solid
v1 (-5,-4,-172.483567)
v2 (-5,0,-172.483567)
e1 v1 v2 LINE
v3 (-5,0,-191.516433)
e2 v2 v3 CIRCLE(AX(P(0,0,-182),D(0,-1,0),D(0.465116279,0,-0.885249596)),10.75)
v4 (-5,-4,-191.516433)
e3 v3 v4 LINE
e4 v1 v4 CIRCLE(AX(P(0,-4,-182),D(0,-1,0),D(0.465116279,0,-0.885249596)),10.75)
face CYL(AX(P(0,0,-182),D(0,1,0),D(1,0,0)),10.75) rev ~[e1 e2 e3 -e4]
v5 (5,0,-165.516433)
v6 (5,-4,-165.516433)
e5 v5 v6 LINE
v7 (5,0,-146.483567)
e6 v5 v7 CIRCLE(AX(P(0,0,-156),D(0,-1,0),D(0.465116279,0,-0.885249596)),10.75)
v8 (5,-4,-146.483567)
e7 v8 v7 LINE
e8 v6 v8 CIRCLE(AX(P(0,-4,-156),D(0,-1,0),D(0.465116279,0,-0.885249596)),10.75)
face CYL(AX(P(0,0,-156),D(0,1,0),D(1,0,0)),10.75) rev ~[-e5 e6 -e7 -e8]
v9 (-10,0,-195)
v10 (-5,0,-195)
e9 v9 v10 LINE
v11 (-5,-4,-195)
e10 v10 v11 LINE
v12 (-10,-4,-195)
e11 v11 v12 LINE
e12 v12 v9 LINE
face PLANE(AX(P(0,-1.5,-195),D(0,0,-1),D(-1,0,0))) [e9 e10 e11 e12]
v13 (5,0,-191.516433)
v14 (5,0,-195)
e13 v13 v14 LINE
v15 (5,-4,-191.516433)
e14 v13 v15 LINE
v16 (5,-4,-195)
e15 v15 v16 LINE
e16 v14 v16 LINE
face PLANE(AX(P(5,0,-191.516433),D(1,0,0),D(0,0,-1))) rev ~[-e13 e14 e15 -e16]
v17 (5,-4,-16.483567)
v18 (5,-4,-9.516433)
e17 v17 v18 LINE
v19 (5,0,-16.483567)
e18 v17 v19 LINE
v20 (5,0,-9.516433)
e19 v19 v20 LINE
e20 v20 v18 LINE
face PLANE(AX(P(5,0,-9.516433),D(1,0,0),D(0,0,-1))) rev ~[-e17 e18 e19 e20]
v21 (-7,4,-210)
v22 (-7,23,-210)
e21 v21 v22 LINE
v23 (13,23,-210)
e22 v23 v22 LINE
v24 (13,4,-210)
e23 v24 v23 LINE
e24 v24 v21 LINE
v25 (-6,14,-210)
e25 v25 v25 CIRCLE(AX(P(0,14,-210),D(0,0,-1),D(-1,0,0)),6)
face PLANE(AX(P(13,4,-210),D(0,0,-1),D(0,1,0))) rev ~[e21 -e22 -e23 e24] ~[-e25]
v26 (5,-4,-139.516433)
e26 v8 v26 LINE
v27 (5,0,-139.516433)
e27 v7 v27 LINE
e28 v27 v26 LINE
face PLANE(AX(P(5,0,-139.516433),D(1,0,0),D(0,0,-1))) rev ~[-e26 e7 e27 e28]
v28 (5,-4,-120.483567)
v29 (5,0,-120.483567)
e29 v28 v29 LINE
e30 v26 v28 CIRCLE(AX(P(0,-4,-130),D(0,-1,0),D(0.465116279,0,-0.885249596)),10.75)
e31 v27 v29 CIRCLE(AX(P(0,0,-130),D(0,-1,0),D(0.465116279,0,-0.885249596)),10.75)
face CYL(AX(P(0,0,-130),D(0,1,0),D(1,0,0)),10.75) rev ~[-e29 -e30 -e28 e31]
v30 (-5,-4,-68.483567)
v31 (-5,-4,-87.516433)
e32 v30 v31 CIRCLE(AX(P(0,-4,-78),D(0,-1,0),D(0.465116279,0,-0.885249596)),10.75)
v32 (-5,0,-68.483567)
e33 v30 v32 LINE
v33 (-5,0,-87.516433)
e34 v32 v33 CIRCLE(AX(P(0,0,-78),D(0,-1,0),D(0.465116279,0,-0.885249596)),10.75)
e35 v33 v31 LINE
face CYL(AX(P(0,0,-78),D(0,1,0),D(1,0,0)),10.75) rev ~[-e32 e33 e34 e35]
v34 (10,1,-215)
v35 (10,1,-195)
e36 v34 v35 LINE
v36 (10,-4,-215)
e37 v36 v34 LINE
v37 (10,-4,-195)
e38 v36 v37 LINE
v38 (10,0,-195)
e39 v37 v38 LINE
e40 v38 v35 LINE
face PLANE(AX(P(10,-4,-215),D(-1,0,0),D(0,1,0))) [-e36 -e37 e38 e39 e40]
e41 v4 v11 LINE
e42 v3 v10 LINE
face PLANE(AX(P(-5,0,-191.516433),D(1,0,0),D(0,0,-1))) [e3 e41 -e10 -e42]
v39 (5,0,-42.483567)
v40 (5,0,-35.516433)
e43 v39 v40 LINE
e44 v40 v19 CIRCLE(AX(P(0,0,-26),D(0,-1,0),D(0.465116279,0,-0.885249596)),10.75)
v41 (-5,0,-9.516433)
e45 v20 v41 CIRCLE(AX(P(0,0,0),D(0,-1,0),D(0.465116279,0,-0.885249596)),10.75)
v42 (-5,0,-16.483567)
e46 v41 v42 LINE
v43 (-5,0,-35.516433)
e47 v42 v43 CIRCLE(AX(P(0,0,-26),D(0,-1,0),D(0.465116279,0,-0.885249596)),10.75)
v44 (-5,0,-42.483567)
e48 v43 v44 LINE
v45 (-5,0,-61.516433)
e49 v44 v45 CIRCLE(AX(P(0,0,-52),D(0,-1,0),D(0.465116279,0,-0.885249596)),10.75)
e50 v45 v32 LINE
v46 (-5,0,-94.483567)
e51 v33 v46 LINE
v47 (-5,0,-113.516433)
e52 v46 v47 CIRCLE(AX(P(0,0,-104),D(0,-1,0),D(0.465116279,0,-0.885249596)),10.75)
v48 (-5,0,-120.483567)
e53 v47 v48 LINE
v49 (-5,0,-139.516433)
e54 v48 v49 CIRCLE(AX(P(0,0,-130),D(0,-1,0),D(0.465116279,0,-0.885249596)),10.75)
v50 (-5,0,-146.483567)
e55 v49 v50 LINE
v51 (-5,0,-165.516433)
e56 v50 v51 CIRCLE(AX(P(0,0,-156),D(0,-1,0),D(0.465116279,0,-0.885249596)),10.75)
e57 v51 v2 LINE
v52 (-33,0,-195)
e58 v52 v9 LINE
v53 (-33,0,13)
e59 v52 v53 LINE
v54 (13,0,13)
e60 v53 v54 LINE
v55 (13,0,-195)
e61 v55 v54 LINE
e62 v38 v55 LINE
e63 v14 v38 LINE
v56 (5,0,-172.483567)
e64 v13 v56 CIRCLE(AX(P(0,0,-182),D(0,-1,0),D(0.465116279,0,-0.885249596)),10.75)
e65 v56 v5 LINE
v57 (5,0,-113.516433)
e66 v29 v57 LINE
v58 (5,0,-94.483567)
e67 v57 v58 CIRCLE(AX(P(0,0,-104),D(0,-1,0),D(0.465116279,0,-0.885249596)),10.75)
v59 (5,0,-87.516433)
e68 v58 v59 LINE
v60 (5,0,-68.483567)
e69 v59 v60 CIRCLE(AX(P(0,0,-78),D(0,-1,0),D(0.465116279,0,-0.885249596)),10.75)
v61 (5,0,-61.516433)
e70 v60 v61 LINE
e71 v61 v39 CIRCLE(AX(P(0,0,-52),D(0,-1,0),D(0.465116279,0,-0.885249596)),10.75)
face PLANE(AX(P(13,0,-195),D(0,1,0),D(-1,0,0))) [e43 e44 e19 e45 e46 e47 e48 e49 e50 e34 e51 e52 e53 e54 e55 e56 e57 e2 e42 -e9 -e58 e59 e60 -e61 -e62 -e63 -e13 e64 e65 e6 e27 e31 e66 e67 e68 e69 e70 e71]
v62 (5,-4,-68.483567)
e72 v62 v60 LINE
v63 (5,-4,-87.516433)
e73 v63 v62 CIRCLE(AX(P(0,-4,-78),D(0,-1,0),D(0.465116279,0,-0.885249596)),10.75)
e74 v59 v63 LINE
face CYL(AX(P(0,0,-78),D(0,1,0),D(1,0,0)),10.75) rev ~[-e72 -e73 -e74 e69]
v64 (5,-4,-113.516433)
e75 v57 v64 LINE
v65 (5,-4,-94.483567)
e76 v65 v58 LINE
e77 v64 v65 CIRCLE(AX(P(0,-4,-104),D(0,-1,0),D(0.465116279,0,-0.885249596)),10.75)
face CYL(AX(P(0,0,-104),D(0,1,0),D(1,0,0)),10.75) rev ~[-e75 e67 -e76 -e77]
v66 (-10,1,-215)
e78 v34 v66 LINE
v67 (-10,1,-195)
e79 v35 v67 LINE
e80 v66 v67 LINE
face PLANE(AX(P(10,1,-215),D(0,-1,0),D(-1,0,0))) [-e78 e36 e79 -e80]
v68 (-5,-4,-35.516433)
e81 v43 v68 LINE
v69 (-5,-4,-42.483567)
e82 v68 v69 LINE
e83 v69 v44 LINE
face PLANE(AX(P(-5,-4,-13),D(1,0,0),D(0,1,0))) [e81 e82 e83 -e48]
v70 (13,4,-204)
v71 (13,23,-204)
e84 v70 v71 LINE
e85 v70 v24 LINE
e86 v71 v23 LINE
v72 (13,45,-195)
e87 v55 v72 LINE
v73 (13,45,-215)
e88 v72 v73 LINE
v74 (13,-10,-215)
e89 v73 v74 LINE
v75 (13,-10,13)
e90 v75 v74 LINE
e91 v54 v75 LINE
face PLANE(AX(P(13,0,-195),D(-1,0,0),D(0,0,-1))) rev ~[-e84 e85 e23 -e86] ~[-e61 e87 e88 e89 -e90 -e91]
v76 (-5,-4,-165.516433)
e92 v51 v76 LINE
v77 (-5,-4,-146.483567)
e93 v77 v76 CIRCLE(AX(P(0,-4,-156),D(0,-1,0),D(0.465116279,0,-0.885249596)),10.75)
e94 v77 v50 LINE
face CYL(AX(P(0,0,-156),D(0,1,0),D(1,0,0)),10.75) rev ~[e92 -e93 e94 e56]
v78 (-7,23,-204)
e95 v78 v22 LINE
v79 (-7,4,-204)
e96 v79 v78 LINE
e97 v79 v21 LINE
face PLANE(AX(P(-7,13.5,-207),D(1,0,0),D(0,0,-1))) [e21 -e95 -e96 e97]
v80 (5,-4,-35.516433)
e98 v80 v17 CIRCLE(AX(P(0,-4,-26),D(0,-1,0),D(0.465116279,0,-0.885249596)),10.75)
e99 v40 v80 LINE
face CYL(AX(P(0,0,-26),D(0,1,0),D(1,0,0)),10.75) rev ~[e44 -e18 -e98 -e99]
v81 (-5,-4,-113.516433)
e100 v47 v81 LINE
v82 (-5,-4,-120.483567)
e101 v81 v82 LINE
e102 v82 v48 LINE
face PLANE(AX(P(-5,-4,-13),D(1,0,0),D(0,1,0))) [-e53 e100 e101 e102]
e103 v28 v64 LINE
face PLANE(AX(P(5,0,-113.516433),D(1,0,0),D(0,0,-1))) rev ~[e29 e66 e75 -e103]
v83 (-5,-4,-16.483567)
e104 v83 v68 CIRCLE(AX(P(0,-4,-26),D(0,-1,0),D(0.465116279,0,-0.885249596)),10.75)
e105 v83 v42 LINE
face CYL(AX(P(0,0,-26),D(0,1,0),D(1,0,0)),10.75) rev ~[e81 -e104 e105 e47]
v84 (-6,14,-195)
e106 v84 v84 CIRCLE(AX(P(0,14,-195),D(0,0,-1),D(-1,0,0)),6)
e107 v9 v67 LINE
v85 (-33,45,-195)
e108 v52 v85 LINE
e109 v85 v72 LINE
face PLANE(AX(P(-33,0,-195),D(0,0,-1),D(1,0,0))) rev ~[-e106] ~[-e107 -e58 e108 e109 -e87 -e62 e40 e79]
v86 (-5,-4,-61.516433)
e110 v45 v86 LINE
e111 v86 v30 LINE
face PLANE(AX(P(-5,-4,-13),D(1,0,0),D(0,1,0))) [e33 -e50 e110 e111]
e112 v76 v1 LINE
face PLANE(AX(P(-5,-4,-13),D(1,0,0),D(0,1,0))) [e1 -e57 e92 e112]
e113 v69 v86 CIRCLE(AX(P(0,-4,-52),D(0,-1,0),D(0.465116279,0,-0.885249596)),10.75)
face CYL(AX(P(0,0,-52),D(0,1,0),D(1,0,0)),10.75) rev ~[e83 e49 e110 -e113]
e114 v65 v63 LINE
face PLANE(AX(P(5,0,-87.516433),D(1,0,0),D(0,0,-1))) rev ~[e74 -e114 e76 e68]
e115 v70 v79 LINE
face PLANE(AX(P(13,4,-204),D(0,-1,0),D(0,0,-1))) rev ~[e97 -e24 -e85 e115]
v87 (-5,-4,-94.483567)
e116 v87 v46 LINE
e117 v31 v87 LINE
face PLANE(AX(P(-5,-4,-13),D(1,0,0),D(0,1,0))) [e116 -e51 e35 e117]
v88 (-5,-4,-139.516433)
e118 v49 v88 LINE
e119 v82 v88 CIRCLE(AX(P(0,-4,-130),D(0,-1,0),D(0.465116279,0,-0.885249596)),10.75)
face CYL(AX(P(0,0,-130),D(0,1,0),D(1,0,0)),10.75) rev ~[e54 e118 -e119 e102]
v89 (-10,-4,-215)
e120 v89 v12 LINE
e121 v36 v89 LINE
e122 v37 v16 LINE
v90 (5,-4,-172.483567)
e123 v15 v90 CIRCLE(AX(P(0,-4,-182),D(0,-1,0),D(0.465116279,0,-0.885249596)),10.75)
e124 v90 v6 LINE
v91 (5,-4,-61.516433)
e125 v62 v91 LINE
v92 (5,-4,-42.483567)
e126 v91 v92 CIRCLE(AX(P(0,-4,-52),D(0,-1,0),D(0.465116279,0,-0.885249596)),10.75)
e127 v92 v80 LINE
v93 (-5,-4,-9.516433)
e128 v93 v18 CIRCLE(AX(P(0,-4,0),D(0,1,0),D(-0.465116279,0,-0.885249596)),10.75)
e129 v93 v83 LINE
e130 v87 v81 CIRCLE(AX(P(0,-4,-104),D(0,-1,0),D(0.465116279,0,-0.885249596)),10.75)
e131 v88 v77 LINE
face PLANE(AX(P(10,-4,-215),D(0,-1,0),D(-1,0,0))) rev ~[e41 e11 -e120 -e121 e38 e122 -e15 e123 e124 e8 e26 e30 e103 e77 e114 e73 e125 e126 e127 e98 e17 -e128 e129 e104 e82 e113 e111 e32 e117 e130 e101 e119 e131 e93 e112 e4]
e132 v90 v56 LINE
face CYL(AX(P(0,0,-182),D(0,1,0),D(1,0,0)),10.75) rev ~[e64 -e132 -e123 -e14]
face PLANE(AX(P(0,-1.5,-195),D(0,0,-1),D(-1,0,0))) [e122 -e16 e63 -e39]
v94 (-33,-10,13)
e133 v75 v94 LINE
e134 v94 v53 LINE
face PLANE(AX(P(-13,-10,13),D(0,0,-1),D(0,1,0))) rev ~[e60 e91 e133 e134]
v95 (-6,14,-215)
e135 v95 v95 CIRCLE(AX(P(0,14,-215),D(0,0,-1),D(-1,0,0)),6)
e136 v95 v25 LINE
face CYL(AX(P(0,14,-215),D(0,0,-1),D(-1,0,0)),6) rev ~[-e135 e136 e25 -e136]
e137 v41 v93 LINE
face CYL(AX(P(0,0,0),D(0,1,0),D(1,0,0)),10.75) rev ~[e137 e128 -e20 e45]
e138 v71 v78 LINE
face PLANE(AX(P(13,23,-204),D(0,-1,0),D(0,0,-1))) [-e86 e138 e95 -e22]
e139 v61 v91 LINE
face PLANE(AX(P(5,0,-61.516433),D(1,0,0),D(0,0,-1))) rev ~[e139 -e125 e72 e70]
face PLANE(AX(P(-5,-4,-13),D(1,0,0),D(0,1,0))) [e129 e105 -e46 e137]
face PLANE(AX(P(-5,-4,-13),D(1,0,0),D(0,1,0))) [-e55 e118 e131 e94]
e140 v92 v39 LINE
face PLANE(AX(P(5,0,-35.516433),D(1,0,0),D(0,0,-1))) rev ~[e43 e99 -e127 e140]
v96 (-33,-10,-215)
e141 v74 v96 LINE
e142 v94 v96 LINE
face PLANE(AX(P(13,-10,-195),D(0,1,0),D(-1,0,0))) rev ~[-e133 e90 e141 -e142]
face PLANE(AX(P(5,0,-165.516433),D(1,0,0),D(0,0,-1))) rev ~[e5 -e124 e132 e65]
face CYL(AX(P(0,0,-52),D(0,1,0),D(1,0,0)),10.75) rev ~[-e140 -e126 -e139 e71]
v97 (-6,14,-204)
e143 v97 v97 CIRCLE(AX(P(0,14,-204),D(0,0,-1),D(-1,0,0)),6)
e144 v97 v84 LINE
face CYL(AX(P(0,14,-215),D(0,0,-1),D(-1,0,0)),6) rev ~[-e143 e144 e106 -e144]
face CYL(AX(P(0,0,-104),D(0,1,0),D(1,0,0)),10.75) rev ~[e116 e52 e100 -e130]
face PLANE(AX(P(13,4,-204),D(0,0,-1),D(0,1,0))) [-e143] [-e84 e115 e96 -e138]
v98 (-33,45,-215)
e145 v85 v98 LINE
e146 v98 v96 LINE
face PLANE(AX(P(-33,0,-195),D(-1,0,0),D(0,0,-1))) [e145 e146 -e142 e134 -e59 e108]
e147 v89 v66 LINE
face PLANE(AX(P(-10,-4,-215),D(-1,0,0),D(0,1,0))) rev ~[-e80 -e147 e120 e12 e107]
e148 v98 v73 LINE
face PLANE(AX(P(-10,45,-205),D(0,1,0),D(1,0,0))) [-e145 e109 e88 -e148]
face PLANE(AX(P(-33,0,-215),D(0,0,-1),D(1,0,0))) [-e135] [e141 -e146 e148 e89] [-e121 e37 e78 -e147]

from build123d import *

# Parameters (mm, degrees)
SKETCH5_W           = 26
SKETCH5_H           = 26
BOSS_EXTRUDE1_DEPTH = 10
SKETCH4_R           = 10.75
CUT_EXTRUDE1_DEPTH  = 4
SKETCH6_W           = 10
SKETCH6_H           = 3.483566845
CUT_EXTRUDE2_DEPTH  = 4
LPATTERN1_COUNT     = 8
LPATTERN1_PITCH     = 26
SKETCH7_W           = 10
SKETCH7_H           = 4
CUT_EXTRUDE3_DEPTH  = 183
SKETCH8_W           = 208
SKETCH8_H           = 10
BOSS_EXTRUDE2_DEPTH = 20
SKETCH9_W           = 46
SKETCH9_H           = 10
BOSS_EXTRUDE3_DEPTH = 20
SKETCH10_W          = 46
SKETCH10_H          = 20
BOSS_EXTRUDE4_DEPTH = 45
SKETCH13_W          = 20
SKETCH13_H          = 5
CUT_EXTRUDE4_DEPTH  = 20
SKETCH14_R          = 6
CUT_EXTRUDE5_DEPTH  = 45
SKETCH15_W          = 6
SKETCH15_H          = 19
CUT_EXTRUDE6_DEPTH  = 20


with BuildPart() as part:
    # Sketch5 → Boss-Extrude1 (new body)
    with BuildSketch(Plane(origin=(0, 0, 0), x_dir=(1, 0, 0), z_dir=(0, 1, 0))):
        Rectangle(SKETCH5_W, SKETCH5_H)
    boss_extrude1 = extrude(amount=-BOSS_EXTRUDE1_DEPTH)

    # Sketch4 → Cut-Extrude1 (cut)
    with BuildSketch(Plane(origin=(0, 0, 0), x_dir=(1, 0, 0), z_dir=(0, 1, 0))):
        Circle(SKETCH4_R)
    cut_extrude1 = extrude(amount=-CUT_EXTRUDE1_DEPTH, mode=Mode.SUBTRACT)

    # Sketch6 → Cut-Extrude2 (cut)
    with BuildSketch(Plane(origin=(0, 0, 0), x_dir=(1, 0, 0), z_dir=(0, 1, 0))):
        with Locations((0, 11.258216578)):
            Rectangle(SKETCH6_W, SKETCH6_H)
    cut_extrude2 = extrude(amount=-CUT_EXTRUDE2_DEPTH, mode=Mode.SUBTRACT)

    # LPattern1: Boss-Extrude1, Cut-Extrude1, Cut-Extrude2 ×8
    with Locations(*[(0, 0, -i * LPATTERN1_PITCH) for i in range(1, LPATTERN1_COUNT)]):
        add(boss_extrude1)
        add(cut_extrude1, mode=Mode.SUBTRACT)
        add(cut_extrude2, mode=Mode.SUBTRACT)

    # Sketch7 → Cut-Extrude3 (cut, through all)
    with BuildSketch(Plane.XY.offset(-13)):
        with Locations((0, -2)):
            Rectangle(SKETCH7_W, SKETCH7_H)
    extrude(amount=-CUT_EXTRUDE3_DEPTH, mode=Mode.SUBTRACT)

    # Sketch8 → Boss-Extrude2 (add)
    with BuildSketch(Plane.ZY.offset(13)):
        with Locations((-91, -5)):
            Rectangle(SKETCH8_W, SKETCH8_H)
    extrude(amount=BOSS_EXTRUDE2_DEPTH)

    # Sketch9 → Boss-Extrude3 (add)
    with BuildSketch(Plane(origin=(0, 0, -195), x_dir=(-1, 0, 0), z_dir=(0, 0, -1))):
        with Locations((10, -5)):
            Rectangle(SKETCH9_W, SKETCH9_H)
    extrude(amount=BOSS_EXTRUDE3_DEPTH)

    # Sketch10 → Boss-Extrude4 (add)
    with BuildSketch(Plane(origin=(0, 0, 0), x_dir=(1, 0, 0), z_dir=(0, 1, 0))):
        with Locations((-10, 205)):
            Rectangle(SKETCH10_W, SKETCH10_H)
    extrude(amount=BOSS_EXTRUDE4_DEPTH)

    # Sketch13 → Cut-Extrude4 (cut)
    with BuildSketch(Plane(origin=(0, 0, -215), x_dir=(-1, 0, 0), z_dir=(0, 0, -1))):
        with Locations((0, -1.5)):
            Rectangle(SKETCH13_W, SKETCH13_H)
    extrude(amount=-CUT_EXTRUDE4_DEPTH, mode=Mode.SUBTRACT)

    # Sketch14 → Cut-Extrude5 (cut)
    with BuildSketch(Plane(origin=(0, 0, -215), x_dir=(-1, 0, 0), z_dir=(0, 0, -1))):
        with Locations((0, 14)):
            Circle(SKETCH14_R)
    extrude(amount=-CUT_EXTRUDE5_DEPTH, mode=Mode.SUBTRACT)

    # Sketch15 → Cut-Extrude6 (cut)
    with BuildSketch(Plane(origin=(13, 0, 0), x_dir=(0, 0, -1), z_dir=(1, 0, 0))):
        with Locations((207, 13.5)):
            Rectangle(SKETCH15_W, SKETCH15_H)
    extrude(amount=-CUT_EXTRUDE6_DEPTH, mode=Mode.SUBTRACT)


solid = part.part
